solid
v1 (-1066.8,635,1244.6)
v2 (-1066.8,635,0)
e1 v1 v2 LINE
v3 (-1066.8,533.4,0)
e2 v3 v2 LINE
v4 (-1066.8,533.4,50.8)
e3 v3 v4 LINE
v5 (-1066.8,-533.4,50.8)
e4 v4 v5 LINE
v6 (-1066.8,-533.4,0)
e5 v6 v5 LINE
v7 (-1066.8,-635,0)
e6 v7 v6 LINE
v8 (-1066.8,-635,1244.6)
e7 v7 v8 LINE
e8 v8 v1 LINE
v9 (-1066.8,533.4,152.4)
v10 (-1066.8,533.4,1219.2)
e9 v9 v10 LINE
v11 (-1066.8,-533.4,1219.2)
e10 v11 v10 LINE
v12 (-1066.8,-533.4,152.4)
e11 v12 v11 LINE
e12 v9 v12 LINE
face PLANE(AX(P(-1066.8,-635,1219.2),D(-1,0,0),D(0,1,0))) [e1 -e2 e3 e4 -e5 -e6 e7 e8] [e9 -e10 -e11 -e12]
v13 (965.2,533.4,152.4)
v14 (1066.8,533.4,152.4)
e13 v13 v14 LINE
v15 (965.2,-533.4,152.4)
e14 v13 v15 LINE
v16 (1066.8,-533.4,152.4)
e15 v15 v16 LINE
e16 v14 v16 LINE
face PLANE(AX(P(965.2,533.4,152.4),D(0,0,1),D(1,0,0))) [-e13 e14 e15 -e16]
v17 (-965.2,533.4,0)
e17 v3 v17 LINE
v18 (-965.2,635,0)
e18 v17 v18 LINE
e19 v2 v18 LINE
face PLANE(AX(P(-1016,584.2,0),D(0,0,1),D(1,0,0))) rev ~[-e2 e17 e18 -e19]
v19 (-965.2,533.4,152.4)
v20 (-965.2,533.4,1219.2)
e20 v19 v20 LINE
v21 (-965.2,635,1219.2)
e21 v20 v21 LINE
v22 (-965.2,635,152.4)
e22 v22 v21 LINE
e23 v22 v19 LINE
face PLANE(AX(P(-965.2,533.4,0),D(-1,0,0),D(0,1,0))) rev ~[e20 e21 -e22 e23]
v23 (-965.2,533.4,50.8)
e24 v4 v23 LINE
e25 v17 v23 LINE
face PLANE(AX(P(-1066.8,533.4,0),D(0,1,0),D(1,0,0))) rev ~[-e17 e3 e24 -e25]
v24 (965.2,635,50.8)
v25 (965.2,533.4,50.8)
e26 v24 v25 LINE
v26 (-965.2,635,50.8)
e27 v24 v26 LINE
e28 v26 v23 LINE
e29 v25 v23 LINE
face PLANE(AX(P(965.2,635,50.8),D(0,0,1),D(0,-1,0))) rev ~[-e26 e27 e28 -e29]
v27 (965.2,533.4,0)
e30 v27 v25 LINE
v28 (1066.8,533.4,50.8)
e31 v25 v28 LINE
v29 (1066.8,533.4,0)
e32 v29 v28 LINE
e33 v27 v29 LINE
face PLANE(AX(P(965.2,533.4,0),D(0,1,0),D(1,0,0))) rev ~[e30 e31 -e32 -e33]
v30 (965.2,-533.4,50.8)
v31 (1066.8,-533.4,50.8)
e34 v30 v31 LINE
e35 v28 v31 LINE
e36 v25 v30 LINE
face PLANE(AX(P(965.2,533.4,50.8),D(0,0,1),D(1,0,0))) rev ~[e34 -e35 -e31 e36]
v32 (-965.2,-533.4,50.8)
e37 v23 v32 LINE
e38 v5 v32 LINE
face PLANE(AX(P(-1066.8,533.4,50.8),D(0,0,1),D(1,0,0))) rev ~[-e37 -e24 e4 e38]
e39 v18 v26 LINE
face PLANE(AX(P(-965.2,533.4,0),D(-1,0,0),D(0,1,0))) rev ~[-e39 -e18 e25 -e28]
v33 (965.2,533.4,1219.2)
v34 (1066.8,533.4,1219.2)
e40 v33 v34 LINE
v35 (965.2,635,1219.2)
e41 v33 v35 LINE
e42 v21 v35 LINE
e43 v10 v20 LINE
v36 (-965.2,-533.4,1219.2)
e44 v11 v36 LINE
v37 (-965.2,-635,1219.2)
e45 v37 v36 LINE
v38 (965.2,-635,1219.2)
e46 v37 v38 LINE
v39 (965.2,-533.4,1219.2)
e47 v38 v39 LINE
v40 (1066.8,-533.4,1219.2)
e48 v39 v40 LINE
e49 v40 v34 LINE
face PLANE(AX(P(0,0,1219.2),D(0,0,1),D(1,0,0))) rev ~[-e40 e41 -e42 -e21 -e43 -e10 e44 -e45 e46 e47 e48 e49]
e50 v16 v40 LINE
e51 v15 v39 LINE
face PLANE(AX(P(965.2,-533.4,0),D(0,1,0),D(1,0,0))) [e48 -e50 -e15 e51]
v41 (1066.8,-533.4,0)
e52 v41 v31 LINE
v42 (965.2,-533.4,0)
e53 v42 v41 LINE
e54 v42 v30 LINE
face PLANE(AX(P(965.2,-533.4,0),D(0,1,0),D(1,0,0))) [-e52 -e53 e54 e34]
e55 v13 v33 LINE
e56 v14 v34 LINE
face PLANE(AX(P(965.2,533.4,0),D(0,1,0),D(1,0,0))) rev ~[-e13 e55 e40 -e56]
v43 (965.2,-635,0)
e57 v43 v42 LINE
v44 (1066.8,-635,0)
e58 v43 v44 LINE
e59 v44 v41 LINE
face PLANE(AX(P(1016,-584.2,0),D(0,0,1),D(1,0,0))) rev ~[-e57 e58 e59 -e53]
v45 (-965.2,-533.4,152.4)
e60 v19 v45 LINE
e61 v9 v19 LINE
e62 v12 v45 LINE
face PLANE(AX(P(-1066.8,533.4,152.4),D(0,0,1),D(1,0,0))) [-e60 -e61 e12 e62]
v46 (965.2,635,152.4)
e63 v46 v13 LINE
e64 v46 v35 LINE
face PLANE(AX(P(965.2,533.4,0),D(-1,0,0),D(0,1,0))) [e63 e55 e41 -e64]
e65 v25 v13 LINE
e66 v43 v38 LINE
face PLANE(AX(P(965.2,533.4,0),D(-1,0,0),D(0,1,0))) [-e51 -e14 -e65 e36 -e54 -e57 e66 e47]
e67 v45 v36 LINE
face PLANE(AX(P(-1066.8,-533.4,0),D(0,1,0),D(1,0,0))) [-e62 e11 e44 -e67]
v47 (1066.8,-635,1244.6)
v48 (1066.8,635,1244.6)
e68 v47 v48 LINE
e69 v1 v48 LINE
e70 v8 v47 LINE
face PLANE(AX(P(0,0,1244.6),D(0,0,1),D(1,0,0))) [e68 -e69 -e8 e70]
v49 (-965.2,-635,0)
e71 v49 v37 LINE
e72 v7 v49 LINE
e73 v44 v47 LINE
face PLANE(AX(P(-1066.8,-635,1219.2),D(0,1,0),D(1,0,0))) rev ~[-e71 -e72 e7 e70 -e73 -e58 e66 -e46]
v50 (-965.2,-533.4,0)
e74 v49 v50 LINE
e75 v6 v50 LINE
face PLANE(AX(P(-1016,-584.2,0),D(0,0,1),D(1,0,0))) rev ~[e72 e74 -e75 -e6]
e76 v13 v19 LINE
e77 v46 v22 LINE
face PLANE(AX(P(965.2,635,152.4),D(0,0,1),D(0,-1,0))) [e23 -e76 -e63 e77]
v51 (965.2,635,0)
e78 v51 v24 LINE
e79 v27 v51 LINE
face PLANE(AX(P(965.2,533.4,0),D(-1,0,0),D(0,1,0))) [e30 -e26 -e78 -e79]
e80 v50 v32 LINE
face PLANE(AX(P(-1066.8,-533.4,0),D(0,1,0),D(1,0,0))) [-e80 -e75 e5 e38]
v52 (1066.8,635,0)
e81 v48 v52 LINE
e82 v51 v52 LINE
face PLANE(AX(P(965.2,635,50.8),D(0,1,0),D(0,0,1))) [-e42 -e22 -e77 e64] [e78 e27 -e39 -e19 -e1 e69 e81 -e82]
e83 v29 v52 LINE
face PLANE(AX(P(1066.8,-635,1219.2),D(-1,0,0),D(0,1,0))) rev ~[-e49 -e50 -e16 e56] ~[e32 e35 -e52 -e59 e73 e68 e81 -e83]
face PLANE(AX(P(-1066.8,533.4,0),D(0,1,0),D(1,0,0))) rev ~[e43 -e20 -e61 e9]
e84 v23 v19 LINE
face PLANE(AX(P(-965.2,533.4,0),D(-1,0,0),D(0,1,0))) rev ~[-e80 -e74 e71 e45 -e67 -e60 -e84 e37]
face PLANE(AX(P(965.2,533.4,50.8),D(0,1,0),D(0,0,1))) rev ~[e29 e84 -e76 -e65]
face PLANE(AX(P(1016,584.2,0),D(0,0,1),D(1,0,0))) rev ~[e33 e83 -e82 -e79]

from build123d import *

# Parameters (mm, degrees)
F0_W     = 101.6
F0_H     = 101.6
F1_DEPTH = 1219.2
F2_W     = 2133.6
F2_H     = 1270
F3_DEPTH = 25.4
F4_W     = 101.6
F4_H     = 101.6
F5_DEPTH = 1066.8
F6_W     = 101.6
F6_H     = 101.6
F7_DEPTH = 1930.4


with BuildPart() as f1:
    # F0 (on Top) → F1 (new body)
    with BuildSketch(Plane.XY):
        with Locations((-1016, 584.2)):
            Rectangle(F0_W, F0_H)
        with Locations((-1016, -584.2)):
            Rectangle(F0_W, F0_H)
        with Locations((1016, -584.2)):
            Rectangle(F0_W, F0_H)
        with Locations((1016, 584.2)):
            Rectangle(F0_W, F0_H)
    extrude(amount=F1_DEPTH)

    # F2 (on face) → F3 (join)
    with BuildSketch(Plane.XY.offset(1219.2)):
        Rectangle(F2_W, F2_H)
    extrude(amount=F3_DEPTH)

    # F4 (on face) → F5 (join, through all)
    with BuildSketch(Plane.XZ.offset(-533.4)):
        with Locations((-1016, 101.6)):
            Rectangle(F4_W, F4_H)
        with Locations((1016, 101.6)):
            Rectangle(F4_W, F4_H)
    extrude(amount=F5_DEPTH)

    # F6 (on face) → F7 (join, through all)
    with BuildSketch(Plane(origin=(965.2, 0, 0), x_dir=(0, -1, 0), z_dir=(-1, 0, 0))):
        with Locations((-584.2, 101.6)):
            Rectangle(F6_W, F6_H)
    extrude(amount=F7_DEPTH)


solid = f1.part
